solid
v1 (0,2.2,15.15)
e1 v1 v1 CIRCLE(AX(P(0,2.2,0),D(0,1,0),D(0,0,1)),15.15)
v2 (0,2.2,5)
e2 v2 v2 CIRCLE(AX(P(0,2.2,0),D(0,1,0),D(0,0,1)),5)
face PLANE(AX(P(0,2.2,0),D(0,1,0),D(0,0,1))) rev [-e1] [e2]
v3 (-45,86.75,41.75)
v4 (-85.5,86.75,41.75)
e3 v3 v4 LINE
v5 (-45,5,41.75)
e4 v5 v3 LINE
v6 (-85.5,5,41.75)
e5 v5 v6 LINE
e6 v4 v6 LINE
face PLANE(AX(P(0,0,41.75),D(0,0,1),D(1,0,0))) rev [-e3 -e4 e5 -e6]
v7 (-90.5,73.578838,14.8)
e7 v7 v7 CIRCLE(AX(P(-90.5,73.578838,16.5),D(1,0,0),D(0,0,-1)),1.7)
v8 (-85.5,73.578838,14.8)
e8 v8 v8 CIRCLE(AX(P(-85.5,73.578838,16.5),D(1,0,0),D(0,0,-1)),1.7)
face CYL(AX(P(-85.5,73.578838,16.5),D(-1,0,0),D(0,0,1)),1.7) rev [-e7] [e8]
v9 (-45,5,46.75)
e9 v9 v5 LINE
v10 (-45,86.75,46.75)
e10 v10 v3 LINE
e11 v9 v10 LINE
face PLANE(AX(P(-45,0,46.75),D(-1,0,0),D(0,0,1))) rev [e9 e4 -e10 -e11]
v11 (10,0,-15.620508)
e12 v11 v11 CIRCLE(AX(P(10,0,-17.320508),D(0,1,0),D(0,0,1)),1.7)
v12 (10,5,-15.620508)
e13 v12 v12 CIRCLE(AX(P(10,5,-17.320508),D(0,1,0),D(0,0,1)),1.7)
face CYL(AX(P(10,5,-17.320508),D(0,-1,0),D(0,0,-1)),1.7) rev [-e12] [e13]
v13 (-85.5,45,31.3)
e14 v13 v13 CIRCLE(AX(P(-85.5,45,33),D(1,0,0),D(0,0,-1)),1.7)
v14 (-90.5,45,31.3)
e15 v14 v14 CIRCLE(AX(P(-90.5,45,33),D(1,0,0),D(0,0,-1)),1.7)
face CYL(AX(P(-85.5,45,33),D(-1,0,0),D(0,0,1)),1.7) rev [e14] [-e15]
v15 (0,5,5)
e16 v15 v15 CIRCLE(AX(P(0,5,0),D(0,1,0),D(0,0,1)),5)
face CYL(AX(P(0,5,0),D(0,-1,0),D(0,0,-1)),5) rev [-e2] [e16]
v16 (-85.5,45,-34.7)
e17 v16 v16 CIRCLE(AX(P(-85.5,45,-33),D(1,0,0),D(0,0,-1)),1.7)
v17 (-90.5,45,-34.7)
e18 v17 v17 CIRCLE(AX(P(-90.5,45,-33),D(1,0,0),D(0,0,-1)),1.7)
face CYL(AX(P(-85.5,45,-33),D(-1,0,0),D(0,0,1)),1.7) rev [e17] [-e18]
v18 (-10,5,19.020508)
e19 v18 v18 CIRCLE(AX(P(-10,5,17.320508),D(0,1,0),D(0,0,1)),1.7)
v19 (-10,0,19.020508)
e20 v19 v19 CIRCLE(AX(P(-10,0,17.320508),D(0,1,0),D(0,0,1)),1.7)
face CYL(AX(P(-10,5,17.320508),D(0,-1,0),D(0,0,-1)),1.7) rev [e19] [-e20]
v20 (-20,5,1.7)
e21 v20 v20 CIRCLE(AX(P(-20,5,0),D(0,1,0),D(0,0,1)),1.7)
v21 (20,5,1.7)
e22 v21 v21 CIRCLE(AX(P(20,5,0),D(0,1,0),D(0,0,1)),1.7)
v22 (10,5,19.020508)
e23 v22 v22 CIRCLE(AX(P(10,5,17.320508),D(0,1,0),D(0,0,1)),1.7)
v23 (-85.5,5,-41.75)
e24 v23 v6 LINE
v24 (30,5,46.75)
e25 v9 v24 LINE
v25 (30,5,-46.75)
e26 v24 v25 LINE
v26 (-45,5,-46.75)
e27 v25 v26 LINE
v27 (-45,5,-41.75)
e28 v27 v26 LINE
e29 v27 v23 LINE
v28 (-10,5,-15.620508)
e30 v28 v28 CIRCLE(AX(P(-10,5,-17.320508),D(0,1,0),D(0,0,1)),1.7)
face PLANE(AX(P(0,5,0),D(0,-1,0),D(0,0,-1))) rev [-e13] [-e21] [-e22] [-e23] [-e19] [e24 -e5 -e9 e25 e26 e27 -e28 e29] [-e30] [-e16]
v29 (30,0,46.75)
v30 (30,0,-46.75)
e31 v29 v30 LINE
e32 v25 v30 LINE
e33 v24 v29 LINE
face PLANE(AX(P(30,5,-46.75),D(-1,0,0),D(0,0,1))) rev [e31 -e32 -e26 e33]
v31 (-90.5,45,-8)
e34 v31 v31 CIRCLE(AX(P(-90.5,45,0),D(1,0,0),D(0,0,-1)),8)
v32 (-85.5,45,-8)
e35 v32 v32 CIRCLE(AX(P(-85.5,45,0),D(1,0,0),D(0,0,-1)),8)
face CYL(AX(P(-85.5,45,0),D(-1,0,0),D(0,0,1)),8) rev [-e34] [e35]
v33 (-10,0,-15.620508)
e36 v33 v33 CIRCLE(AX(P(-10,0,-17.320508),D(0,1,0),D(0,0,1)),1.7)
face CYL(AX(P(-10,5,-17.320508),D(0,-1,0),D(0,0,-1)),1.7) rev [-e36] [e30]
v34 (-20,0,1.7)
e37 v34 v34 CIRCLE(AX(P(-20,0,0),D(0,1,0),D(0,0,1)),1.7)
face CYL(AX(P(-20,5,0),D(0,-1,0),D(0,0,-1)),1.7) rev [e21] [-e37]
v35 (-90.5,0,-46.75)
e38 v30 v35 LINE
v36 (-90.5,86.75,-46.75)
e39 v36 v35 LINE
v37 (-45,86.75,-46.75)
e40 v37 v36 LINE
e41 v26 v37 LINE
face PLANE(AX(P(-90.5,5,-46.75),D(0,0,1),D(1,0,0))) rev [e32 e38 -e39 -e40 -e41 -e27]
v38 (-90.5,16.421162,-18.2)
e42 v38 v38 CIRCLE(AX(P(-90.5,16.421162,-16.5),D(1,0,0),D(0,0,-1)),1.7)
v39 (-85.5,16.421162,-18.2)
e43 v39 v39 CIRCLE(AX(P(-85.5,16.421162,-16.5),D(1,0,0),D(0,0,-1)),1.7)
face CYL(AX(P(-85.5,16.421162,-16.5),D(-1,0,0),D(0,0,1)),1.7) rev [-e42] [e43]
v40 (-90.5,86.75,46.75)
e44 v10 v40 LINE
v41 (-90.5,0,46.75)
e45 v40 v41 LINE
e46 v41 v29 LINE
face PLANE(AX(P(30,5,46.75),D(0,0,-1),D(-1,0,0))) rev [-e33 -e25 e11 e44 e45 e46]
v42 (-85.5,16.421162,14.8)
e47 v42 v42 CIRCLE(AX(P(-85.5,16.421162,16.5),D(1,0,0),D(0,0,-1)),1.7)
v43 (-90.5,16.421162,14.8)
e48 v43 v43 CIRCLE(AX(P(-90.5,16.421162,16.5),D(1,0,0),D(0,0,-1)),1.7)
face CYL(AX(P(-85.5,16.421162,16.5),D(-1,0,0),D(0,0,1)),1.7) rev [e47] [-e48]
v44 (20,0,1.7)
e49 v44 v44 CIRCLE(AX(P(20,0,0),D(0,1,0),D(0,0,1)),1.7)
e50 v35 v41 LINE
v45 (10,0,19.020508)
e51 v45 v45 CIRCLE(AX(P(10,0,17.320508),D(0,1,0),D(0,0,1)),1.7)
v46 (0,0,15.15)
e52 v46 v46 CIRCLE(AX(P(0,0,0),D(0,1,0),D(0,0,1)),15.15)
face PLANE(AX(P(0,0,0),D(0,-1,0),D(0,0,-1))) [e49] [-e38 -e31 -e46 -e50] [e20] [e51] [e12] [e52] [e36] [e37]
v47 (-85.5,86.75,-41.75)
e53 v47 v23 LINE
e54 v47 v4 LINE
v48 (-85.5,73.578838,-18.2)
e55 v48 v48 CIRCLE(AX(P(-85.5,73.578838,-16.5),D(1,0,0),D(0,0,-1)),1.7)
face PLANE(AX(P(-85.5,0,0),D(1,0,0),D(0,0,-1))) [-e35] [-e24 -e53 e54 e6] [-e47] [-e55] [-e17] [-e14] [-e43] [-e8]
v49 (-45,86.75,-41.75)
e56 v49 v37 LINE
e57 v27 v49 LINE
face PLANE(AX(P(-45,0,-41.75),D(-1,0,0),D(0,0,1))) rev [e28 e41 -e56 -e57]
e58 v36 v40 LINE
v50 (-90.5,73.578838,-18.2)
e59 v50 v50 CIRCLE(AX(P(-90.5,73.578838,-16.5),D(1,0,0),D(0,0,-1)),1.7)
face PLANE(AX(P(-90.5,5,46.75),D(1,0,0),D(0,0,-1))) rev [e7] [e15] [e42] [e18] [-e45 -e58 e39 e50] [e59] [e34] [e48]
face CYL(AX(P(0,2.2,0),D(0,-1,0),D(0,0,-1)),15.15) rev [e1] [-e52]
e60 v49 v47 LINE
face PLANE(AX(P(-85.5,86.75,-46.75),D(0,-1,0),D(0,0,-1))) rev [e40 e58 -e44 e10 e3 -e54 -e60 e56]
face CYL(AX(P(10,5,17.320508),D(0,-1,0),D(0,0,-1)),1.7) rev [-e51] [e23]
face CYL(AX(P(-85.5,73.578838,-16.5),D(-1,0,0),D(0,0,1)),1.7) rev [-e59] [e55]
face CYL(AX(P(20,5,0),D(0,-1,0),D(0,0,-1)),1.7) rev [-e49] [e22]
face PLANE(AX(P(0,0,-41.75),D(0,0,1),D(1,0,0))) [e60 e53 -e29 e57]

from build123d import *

# Parameters (mm, degrees)
SK_OUTPUT_PLATE_W        = 120.5
SK_OUTPUT_PLATE_H        = 93.5
SK_OUTPUT_PLATE_R        = 1.7
SK_OUTPUT_PLATE_R_2      = 5
OUTPUT_PLATE_DEPTH       = 5
SK_PITCH_PILOT_RECESS_R  = 15.15
PITCH_PILOT_RECESS_DEPTH = 2.2
SK_REAR_PLATE_W          = 93.5
SK_REAR_PLATE_H          = 86.75
SK_REAR_PLATE_R          = 8
SK_REAR_PLATE_R_2        = 1.7
REAR_PLATE_DEPTH         = 5
SK_TOP_PLATE_W           = 45.5
SK_TOP_PLATE_H           = 86.75
TOP_PLATE_DEPTH          = 5
SK_BOTTOM_PLATE_W        = 45.5
SK_BOTTOM_PLATE_H        = 86.75
BOTTOM_PLATE_DEPTH       = 5


with BuildPart() as part:
    # SK_Output_Plate → Output_Plate (new body)
    with BuildSketch(Plane(origin=(0, 0, 0), x_dir=(1, 0, 0), z_dir=(0, 1, 0))):
        with Locations((-30.25, 0)):
            Rectangle(SK_OUTPUT_PLATE_W, SK_OUTPUT_PLATE_H)
        with Locations(Location((20, 0, 0), (0, 0, 270))):
            Circle(SK_OUTPUT_PLATE_R, mode=Mode.SUBTRACT)
        with Locations(Location((10, 17.320508076, 0), (0, 0, 270))):
            Circle(SK_OUTPUT_PLATE_R, mode=Mode.SUBTRACT)
        with Locations(Location((-10, 17.320508076, 0), (0, 0, 270))):
            Circle(SK_OUTPUT_PLATE_R, mode=Mode.SUBTRACT)
        with Locations(Location((-20, 0, 0), (0, 0, 270))):
            Circle(SK_OUTPUT_PLATE_R, mode=Mode.SUBTRACT)
        with Locations(Location((-10, -17.320508076, 0), (0, 0, 270))):
            Circle(SK_OUTPUT_PLATE_R, mode=Mode.SUBTRACT)
        with Locations(Location((10, -17.320508076, 0), (0, 0, 270))):
            Circle(SK_OUTPUT_PLATE_R, mode=Mode.SUBTRACT)
        with Locations(Location((0, 0, 0), (0, 0, 270))):
            Circle(SK_OUTPUT_PLATE_R_2, mode=Mode.SUBTRACT)
    extrude(amount=OUTPUT_PLATE_DEPTH)

    # SK_Pitch_Pilot_Recess → Pitch_Pilot_Recess (cut)
    with BuildSketch(Plane(origin=(0, 0, 0), x_dir=(1, 0, 0), z_dir=(0, 1, 0))):
        with Locations(Location((0, 0, 0), (0, 0, 270))):
            Circle(SK_PITCH_PILOT_RECESS_R)
    extrude(amount=PITCH_PILOT_RECESS_DEPTH, mode=Mode.SUBTRACT)

    # SK_Rear_Plate → Rear_Plate (add)
    with BuildSketch(Plane(origin=(-90.5, 0, 0), x_dir=(0, 0, -1), z_dir=(1, 0, 0))):
        with Locations((0, 43.375)):
            Rectangle(SK_REAR_PLATE_W, SK_REAR_PLATE_H)
        with Locations((0, 45)):
            Circle(SK_REAR_PLATE_R, mode=Mode.SUBTRACT)
        with Locations((33, 45)):
            Circle(SK_REAR_PLATE_R_2, mode=Mode.SUBTRACT)
        with Locations((16.5, 73.578838325)):
            Circle(SK_REAR_PLATE_R_2, mode=Mode.SUBTRACT)
        with Locations((-16.5, 73.578838325)):
            Circle(SK_REAR_PLATE_R_2, mode=Mode.SUBTRACT)
        with Locations((-33, 45)):
            Circle(SK_REAR_PLATE_R_2, mode=Mode.SUBTRACT)
        with Locations((-16.5, 16.421161675)):
            Circle(SK_REAR_PLATE_R_2, mode=Mode.SUBTRACT)
        with Locations((16.5, 16.421161675)):
            Circle(SK_REAR_PLATE_R_2, mode=Mode.SUBTRACT)
    extrude(amount=REAR_PLATE_DEPTH)

    # SK_Top_Plate → Top_Plate (add)
    with BuildSketch(Plane.XY.offset(41.75)):
        with Locations((-67.75, 43.375)):
            Rectangle(SK_TOP_PLATE_W, SK_TOP_PLATE_H)
    extrude(amount=TOP_PLATE_DEPTH)

    # SK_Bottom_Plate → Bottom_Plate (add)
    with BuildSketch(Plane.XY.offset(-46.75)):
        with Locations((-67.75, 43.375)):
            Rectangle(SK_BOTTOM_PLATE_W, SK_BOTTOM_PLATE_H)
    extrude(amount=BOTTOM_PLATE_DEPTH)


solid = part.part
